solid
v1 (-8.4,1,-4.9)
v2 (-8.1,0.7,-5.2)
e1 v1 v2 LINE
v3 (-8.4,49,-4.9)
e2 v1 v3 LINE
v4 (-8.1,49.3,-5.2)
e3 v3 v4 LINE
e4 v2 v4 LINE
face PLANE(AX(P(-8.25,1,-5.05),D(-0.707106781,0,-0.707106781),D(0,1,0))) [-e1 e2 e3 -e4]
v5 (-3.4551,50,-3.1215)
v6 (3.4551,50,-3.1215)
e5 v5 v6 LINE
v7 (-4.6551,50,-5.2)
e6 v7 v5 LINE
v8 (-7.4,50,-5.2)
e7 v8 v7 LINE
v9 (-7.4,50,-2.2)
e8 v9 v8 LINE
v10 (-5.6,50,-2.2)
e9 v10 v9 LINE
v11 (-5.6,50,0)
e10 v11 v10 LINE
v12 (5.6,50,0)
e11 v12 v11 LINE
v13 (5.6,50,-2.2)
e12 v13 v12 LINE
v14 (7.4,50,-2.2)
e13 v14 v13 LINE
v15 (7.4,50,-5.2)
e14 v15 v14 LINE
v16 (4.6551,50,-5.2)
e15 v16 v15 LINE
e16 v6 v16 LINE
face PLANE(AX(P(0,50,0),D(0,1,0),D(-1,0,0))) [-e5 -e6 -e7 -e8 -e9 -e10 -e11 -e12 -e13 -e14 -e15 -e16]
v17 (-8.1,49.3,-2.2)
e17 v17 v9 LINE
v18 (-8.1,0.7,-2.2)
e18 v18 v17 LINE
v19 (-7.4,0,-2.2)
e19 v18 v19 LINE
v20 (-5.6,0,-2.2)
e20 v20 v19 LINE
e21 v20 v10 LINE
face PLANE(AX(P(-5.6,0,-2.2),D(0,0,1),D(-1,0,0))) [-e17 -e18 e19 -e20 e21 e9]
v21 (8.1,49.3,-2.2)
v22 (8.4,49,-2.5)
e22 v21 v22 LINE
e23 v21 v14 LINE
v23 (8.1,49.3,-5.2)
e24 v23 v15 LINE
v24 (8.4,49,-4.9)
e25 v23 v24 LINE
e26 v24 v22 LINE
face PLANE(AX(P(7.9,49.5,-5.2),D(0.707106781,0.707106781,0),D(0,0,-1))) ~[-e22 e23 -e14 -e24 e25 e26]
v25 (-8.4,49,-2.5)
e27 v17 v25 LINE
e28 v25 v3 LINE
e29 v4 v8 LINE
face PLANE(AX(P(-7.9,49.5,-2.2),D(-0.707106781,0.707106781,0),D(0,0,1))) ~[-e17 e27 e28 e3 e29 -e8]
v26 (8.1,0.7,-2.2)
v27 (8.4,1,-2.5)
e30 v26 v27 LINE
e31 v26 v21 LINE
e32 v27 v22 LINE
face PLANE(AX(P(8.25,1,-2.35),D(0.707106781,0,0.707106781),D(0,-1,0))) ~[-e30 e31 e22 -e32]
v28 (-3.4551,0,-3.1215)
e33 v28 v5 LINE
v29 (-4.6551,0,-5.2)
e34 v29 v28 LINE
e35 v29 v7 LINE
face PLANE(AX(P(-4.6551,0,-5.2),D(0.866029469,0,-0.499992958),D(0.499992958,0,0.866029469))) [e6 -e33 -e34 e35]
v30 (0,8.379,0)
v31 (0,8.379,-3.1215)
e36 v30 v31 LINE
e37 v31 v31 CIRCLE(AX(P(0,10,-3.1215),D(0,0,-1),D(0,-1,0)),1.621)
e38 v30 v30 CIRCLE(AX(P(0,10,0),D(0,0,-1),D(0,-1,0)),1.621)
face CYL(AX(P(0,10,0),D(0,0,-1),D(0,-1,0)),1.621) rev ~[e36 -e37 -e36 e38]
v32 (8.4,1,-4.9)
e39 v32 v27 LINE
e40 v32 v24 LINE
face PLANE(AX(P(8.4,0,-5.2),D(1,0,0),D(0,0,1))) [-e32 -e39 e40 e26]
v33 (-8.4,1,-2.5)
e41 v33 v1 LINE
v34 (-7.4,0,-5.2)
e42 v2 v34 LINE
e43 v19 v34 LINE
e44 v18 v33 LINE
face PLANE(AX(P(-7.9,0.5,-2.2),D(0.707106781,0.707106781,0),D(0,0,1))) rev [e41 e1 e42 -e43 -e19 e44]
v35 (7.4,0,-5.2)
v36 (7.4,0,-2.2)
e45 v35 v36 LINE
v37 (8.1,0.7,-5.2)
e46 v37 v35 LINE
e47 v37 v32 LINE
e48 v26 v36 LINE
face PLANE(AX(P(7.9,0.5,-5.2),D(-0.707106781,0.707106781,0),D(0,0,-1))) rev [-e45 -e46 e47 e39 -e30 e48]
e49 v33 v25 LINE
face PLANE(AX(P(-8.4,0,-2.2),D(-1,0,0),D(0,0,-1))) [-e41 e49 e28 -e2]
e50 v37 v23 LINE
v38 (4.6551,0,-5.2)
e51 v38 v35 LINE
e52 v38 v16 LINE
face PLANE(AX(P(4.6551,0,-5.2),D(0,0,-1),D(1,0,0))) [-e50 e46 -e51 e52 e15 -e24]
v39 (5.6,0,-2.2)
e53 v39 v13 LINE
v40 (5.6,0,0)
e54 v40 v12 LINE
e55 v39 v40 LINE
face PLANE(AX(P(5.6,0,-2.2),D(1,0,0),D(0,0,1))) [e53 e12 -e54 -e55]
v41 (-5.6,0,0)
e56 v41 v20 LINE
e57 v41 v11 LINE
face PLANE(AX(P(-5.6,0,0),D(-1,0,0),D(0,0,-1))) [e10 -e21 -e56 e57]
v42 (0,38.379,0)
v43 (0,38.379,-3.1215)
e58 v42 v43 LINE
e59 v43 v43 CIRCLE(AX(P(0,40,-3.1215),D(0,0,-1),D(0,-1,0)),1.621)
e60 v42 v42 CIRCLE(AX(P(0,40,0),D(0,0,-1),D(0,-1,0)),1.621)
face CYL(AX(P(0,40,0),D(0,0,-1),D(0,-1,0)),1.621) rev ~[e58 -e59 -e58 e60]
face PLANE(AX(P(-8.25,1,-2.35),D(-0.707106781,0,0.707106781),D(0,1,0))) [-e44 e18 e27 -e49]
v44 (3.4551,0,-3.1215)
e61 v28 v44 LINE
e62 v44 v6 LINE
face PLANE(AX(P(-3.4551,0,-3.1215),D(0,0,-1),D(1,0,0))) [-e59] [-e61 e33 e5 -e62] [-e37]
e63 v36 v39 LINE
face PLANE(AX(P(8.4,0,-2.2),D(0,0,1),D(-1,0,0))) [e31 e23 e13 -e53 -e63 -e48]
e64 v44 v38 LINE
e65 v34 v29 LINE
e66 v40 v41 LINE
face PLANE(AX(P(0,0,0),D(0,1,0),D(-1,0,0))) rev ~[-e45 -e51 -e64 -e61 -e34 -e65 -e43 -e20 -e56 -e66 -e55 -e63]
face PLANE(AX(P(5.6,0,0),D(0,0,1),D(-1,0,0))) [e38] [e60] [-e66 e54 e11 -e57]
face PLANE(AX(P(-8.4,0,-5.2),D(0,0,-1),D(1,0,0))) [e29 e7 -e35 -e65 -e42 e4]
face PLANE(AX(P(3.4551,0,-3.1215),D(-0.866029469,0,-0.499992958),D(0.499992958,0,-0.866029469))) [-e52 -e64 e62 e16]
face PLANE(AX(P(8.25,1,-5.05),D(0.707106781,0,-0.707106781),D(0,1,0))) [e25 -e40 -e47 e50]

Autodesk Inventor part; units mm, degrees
ref_plane "YZ Plane" through (0, 0, 0) normal (1, 0, 0) x (0, 1, 0)
ref_plane "XZ Plane" through (0, 0, 0) normal (0, 1, 0) x (-1, 0, 0)
ref_plane "XY Plane" through (0, 0, 0) normal (0, 0, 1) x (1, 0, 0)
sketch "スケッチ1" plane through (0, 0, 0) normal (0, 1, 0) x (-1, 0, 0)
  line L0 (-5.6, 0) -> (5.6, 0)
  line L1 (5.6, 0) -> (5.6, -2.2)
  line L2 (5.6, -2.2) -> (8.4, -2.2)
  line L3 (8.4, -2.2) -> (8.4, -5.2)
  line L4 (8.4, -5.2) -> (4.6551, -5.2)
  line L5 (4.6551, -5.2) -> (3.4551, -3.1215)
  line L6 (3.4551, -3.1215) -> (-3.4551, -3.1215)
  line L7 (-3.4551, -3.1215) -> (-4.6551, -5.2)
  line L8 (-4.6551, -5.2) -> (-8.4, -5.2)
  line L9 (-8.4, -5.2) -> (-8.4, -2.2)
  line L10 (-8.4, -2.2) -> (-5.6, -2.2)
  line L11 (-5.6, -2.2) -> (-5.6, 0)
  point P0 (0, 0)
  point P1 (0, 0)
  point P2 (0, -3.1215)
  dimension "d0" = 11.2
  dimension "d1" = 5.2
  dimension "d2" = 16.8
  dimension "d3" = 120
  dimension "d4" = 120
  dimension "d5" = 3
extrude "押し出し1" add sketch "スケッチ1" along normal blind 50
chamfer "面取り1" [suppressed]
chamfer "面取り2" distance 1 angle 45 4 edges at (8.4, 0, -3.7) (-8.4, 0, -3.7) (8.4, 50, -3.7) (-8.4, 50, -3.7)
chamfer "面取り3" distance 0.3 angle 45 4 edges at (-8.4, 25, -2.2) (-8.4, 25, -5.2) (8.4, 25, -5.2) (8.4, 25, -2.2)
sketch "スケッチ2" plane through (-5.6, 0, 0) normal (0, 0, 1) x (1, 0, 0)
  line L0 (5.6, 10) -> (5.6, 40) construction
  line L1 (13.7, 49.3) -> (13.7, 0.7) construction
  line L2 (0, 0) -> (11.2, 0) construction
  point P0 (5.6, 0)
  point P1 (5.6, 25)
  point P2 (13.7, 25)
  point P3 (5.6, 0)
  dimension "d17" = 30
hole "穴1" at (0, 10, 0) at (0, 40, 0) direction (0, 0, -1) diameter 3.242 end through all thread size "M4x0.7" class "6H" standard "ANSI Metric M Profile"
properties part number "MR-20CS" material "ポリエチレン、高密度"
